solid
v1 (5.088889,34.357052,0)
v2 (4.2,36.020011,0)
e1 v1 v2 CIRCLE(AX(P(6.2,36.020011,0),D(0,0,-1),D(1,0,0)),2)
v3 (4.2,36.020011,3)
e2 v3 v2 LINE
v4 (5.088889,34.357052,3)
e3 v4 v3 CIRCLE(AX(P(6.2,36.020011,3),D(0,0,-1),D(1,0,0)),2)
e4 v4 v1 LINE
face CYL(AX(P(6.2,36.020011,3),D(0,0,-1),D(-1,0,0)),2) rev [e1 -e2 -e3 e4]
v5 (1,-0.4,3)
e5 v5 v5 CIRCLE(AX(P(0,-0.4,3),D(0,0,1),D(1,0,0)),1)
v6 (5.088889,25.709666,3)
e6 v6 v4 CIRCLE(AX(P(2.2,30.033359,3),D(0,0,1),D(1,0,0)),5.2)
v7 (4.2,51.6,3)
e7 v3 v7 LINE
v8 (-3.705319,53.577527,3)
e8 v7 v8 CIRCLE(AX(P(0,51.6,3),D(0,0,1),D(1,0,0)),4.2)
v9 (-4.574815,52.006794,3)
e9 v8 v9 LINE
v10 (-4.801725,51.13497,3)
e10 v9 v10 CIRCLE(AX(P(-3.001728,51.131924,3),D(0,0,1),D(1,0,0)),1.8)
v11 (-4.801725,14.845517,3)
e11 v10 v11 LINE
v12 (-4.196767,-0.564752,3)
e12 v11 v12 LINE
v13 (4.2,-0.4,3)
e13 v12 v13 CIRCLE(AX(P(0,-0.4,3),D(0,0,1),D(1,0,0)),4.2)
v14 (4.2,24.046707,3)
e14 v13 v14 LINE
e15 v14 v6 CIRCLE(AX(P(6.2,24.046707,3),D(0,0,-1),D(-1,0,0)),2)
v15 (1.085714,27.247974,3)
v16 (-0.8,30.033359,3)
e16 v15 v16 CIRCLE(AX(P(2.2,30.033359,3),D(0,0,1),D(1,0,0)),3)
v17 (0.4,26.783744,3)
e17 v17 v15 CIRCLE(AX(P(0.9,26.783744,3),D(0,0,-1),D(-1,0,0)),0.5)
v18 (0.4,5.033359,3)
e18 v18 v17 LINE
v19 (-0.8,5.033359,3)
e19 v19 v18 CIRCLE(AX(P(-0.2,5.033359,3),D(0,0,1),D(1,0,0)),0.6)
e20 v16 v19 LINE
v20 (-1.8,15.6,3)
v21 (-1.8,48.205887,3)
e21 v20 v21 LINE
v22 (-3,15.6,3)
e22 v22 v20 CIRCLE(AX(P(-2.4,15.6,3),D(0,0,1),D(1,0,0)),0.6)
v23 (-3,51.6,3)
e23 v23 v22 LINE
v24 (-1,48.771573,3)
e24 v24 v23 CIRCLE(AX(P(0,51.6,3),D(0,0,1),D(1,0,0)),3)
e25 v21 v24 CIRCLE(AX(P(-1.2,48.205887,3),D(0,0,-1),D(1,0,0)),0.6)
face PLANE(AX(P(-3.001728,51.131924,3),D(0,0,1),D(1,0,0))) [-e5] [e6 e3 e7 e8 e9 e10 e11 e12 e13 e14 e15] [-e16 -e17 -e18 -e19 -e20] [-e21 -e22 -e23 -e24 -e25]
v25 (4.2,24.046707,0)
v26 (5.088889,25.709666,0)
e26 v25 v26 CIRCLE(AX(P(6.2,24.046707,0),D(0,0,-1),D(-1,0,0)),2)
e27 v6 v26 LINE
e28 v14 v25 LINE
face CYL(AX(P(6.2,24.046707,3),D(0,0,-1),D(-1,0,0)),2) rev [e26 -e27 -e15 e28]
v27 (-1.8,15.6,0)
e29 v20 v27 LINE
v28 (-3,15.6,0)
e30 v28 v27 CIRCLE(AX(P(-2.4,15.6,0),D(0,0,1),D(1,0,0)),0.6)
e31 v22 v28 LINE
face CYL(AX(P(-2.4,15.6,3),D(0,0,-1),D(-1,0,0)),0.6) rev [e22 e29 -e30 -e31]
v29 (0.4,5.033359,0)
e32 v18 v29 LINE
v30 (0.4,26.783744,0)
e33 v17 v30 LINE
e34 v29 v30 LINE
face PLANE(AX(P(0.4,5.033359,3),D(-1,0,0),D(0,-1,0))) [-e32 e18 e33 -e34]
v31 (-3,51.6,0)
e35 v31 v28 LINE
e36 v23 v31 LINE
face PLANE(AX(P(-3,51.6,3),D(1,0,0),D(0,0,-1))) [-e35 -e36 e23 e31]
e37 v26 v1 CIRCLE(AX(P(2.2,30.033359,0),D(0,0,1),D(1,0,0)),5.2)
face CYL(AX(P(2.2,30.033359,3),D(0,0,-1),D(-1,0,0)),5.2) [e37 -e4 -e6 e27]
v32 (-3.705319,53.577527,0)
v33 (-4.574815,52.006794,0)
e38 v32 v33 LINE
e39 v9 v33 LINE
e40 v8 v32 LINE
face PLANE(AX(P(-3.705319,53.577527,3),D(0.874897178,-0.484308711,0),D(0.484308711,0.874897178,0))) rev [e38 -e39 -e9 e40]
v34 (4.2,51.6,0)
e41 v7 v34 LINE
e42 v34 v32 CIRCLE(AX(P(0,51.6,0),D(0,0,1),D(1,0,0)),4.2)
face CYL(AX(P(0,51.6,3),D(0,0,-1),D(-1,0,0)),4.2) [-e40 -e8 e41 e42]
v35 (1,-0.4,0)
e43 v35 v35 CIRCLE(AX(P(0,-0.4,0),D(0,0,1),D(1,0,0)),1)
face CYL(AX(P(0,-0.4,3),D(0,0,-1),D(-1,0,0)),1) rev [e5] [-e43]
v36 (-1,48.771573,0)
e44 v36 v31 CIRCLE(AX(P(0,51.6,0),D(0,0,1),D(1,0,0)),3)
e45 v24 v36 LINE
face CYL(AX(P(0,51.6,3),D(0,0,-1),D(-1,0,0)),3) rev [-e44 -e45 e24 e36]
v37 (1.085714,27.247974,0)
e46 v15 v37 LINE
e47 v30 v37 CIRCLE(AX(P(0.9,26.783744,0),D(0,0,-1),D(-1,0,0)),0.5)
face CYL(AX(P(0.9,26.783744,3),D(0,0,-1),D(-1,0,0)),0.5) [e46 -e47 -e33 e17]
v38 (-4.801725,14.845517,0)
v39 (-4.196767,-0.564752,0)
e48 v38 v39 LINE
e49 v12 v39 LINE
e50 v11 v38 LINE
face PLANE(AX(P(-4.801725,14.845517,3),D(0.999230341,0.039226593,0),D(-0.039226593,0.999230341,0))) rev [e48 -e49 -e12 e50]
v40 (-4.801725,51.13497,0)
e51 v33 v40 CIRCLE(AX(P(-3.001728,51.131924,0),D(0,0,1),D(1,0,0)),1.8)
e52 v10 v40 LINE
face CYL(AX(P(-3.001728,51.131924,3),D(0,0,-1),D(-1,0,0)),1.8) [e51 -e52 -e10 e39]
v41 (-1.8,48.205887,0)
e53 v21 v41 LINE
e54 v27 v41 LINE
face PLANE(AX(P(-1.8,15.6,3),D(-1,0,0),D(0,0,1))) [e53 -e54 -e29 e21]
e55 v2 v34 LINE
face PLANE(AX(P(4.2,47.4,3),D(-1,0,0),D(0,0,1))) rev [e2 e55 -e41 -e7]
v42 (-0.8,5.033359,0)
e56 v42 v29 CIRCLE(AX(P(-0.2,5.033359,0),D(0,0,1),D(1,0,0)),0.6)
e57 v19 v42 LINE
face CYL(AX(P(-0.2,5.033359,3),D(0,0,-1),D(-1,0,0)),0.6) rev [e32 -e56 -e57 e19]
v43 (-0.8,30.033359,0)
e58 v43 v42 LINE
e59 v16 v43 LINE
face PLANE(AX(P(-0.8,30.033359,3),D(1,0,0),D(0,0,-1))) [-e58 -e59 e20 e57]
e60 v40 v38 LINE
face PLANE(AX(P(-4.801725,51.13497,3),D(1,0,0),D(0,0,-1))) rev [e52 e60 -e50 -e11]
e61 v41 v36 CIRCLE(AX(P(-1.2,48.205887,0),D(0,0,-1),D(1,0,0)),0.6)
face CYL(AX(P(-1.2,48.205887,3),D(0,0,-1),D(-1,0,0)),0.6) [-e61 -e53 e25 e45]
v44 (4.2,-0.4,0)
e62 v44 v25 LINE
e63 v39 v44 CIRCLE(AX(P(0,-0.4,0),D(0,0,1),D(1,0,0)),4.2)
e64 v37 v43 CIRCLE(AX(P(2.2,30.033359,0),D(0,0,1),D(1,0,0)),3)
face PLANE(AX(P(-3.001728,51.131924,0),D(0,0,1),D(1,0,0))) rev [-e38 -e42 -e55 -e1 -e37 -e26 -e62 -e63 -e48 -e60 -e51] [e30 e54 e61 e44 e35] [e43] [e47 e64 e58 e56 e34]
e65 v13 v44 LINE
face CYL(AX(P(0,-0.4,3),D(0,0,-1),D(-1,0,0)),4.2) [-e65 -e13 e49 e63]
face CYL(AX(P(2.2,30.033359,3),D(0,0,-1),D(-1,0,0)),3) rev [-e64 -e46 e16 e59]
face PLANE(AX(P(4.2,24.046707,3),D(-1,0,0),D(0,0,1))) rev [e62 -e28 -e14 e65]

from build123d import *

# Parameters (mm, degrees)
SKETCH_1_R      = 1
EXTRUDE_1_DEPTH = 3


with BuildPart() as part:
    # 草图1 → 凸台-拉伸1 (new body)
    with BuildSketch(Plane.XY):
        with BuildLine():
            Line((-4.801725368, 51.134970407), (-4.801725368, 14.84551668))
            Line((-4.801725368, 14.84551668), (-4.196767432, -0.56475169))
            ThreePointArc((-4.196767432, -0.56475169), (0.0823917, -4.59919178), (4.2, -0.4))
            Line((4.2, -0.4), (4.2, 3))
            Line((4.2, 3), (4.2, 24.046707274))
            ThreePointArc((4.2, 24.046707274), (4.436165793, 24.989516316), (5.088888889, 25.709666113))
            ThreePointArc((5.088888889, 25.709666113), (7.4, 30.033359093), (5.088888889, 34.357052074))
            ThreePointArc((5.088888889, 34.357052074), (4.436165793, 35.077201871), (4.2, 36.020010912))
            Line((4.2, 36.020010912), (4.2, 47.4))
            Line((4.2, 47.4), (4.2, 51.6))
            ThreePointArc((4.2, 51.6), (1.019230191, 55.674453315), (-3.705318961, 53.577526587))
            Line((-3.705318961, 53.577526587), (-4.574814921, 52.00679382))
            ThreePointArc((-4.574814921, 52.00679382), (-4.743693388, 51.585307183), (-4.801725368, 51.134970407))
        make_face()
        with Locations((0, -0.4)):
            Circle(SKETCH_1_R, mode=Mode.SUBTRACT)
        with BuildLine():
            Line((-1.8, 15.6), (-1.8, 48.20588745))
            ThreePointArc((-1.8, 48.20588745), (-1.546410162, 48.695785399), (-1, 48.771572875))
            ThreePointArc((-1, 48.771572875), (2.449489743, 53.332050808), (-3, 51.6))
            Line((-3, 51.6), (-3, 15.6))
            ThreePointArc((-3, 15.6), (-2.4, 15), (-1.8, 15.6))
        make_face(mode=Mode.SUBTRACT)
        with BuildLine():
            Line((-0.8, 30.033359093), (-0.8, 5.033359093))
            ThreePointArc((-0.8, 5.033359093), (-0.2, 4.433359093), (0.4, 5.033359093))
            Line((0.4, 5.033359093), (0.4, 26.783743731))
            ThreePointArc((0.4, 26.783743731), (0.619694045, 27.197783067), (1.085714286, 27.247974497))
            ThreePointArc((1.085714286, 27.247974497), (4.684236014, 31.715194825), (-0.8, 30.033359093))
        make_face(mode=Mode.SUBTRACT)
    extrude(amount=EXTRUDE_1_DEPTH)


solid = part.part
